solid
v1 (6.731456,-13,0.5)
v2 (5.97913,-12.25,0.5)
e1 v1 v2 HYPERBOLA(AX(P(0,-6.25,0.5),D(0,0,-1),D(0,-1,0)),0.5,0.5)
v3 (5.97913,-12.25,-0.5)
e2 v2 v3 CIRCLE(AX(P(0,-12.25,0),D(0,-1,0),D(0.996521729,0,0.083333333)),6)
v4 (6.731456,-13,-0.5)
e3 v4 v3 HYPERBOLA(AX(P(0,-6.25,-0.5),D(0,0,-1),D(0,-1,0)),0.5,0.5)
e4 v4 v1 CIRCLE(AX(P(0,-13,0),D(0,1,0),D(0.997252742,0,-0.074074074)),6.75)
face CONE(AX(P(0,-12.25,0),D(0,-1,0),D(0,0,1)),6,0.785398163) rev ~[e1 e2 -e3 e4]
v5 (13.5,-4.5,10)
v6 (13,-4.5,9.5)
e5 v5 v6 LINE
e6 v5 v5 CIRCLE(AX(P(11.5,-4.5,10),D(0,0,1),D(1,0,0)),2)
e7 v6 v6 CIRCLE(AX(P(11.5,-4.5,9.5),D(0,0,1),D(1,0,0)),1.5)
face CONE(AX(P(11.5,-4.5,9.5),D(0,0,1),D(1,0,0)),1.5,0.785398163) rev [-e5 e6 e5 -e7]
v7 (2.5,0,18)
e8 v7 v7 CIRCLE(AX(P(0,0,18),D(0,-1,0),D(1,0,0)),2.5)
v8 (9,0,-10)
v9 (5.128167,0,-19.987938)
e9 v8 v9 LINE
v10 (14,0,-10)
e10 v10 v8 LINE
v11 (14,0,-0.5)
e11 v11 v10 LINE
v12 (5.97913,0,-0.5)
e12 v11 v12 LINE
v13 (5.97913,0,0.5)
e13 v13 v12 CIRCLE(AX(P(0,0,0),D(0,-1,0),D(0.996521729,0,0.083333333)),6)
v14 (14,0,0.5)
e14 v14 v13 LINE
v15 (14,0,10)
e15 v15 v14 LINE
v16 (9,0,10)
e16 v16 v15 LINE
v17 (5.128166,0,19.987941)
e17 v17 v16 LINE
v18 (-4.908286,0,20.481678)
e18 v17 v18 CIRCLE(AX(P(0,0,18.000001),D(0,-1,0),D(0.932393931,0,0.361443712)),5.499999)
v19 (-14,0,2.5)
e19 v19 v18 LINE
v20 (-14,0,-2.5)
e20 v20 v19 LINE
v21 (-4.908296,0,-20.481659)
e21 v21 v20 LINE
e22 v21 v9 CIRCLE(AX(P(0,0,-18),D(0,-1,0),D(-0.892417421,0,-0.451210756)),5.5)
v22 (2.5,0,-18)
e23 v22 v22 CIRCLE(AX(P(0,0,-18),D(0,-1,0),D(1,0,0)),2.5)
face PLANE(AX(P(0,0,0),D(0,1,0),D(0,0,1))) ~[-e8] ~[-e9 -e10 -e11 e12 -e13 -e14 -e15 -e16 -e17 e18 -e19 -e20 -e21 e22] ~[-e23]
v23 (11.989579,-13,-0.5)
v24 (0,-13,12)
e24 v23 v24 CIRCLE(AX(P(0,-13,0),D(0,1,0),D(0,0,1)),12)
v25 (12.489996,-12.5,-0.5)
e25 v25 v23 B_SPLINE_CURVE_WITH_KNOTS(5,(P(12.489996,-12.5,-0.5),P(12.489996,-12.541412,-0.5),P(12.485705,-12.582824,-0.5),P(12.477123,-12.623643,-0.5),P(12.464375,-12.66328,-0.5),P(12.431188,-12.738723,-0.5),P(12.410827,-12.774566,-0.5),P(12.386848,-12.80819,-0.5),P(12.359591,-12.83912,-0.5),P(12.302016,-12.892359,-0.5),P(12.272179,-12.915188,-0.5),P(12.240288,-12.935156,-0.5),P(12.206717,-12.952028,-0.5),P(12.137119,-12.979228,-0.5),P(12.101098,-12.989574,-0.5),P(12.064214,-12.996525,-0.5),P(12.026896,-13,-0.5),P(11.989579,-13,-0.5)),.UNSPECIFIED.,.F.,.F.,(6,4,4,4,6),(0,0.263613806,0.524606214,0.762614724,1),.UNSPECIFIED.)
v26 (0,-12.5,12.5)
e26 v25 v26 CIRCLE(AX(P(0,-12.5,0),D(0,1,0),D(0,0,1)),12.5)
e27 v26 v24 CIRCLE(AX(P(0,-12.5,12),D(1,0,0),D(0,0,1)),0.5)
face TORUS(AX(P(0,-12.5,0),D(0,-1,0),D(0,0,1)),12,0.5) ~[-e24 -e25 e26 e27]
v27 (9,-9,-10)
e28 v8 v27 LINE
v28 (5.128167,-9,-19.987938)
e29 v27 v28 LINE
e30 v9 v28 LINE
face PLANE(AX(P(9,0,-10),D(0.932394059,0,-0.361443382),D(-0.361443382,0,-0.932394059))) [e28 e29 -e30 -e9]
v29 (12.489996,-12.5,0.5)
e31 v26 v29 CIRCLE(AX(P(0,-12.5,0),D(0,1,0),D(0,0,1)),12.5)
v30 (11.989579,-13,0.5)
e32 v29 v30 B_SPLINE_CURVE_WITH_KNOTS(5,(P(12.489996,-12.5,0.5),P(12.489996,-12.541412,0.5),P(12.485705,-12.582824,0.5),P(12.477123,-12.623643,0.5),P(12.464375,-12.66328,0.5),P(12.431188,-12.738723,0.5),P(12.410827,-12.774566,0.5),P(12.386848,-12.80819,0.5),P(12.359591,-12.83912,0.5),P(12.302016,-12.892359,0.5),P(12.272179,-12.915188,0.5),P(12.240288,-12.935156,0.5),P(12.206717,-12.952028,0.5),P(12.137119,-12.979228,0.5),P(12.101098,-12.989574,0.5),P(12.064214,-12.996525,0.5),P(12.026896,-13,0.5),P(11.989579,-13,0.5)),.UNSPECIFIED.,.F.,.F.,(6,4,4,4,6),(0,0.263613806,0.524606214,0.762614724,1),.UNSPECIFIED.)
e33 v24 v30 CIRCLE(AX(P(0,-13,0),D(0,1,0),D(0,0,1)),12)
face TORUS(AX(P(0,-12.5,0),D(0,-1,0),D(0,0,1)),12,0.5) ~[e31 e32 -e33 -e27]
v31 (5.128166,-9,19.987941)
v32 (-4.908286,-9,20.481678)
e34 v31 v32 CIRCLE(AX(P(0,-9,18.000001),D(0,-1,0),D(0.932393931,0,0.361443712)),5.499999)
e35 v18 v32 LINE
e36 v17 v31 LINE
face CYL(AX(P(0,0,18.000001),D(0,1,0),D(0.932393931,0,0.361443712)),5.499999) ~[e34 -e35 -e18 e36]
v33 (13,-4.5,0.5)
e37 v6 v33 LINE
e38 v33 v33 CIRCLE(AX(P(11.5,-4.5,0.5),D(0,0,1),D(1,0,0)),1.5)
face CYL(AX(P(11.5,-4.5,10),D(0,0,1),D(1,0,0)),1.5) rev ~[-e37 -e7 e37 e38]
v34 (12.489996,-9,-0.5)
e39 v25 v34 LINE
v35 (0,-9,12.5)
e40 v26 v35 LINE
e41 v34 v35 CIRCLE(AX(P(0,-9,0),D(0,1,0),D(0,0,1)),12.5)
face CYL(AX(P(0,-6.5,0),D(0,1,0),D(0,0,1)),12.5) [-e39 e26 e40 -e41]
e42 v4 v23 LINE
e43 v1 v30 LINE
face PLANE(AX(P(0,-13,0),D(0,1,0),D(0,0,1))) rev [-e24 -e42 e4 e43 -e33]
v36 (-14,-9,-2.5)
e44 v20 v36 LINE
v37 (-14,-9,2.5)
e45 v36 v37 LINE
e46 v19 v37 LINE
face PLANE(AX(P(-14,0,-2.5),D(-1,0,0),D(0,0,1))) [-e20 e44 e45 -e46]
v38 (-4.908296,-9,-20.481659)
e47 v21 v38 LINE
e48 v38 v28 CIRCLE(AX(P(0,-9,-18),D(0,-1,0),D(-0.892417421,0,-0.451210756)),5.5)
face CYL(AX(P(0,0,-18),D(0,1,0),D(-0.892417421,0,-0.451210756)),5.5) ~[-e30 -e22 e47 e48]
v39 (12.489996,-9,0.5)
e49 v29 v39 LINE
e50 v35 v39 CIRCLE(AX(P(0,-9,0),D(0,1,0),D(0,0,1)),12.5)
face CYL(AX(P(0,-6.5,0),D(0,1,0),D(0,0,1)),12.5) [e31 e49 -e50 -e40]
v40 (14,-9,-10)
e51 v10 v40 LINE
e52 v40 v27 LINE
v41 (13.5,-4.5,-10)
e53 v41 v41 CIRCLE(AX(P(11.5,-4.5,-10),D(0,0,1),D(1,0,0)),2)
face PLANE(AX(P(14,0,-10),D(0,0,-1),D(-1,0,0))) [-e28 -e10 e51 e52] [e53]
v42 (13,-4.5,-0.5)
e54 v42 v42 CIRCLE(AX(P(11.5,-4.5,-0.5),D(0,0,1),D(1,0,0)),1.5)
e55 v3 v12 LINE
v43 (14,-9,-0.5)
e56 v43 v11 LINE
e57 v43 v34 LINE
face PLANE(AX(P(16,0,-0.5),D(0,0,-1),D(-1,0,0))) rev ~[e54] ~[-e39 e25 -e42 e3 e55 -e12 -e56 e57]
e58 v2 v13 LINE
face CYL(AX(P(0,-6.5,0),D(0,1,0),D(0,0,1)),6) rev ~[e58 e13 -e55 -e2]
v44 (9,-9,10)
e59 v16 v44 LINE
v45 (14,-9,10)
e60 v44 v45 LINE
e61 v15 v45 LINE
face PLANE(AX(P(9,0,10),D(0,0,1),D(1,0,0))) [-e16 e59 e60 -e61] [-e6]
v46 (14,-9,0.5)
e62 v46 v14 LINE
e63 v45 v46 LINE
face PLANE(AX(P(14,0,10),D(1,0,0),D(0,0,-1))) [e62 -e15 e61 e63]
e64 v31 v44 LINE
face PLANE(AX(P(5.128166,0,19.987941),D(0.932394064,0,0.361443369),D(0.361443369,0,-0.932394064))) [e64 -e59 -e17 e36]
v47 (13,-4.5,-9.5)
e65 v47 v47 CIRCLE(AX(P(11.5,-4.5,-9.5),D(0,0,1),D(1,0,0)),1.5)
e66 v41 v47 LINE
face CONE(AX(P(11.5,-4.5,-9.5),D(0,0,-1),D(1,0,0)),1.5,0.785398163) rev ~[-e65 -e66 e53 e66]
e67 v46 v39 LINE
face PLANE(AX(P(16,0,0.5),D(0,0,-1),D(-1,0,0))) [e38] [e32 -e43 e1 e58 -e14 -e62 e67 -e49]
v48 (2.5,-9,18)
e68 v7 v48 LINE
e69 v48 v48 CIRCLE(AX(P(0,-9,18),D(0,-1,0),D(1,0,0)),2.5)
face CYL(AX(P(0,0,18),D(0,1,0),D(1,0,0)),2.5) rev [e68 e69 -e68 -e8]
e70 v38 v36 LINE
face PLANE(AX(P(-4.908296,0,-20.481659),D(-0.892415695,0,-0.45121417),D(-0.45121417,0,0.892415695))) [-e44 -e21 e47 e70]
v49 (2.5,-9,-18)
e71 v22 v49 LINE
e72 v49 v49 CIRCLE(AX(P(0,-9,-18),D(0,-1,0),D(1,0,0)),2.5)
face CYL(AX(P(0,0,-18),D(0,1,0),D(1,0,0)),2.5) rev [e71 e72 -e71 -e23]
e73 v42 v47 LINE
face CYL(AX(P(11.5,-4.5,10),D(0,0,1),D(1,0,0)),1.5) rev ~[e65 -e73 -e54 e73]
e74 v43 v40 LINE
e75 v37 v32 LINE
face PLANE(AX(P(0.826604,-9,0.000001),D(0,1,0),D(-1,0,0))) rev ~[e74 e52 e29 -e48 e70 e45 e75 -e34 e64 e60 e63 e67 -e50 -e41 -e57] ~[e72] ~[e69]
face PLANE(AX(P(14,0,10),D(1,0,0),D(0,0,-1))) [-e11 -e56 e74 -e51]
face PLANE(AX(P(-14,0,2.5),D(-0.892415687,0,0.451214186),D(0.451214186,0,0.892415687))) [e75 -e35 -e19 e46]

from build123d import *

# Parameters (mm, degrees)
SKETCH001_W     = 13
SKETCH001_H     = 6.5
SKETCH_R        = 2.5
SKETCH_R_2      = 10
PAD_DEPTH       = 9
SKETCH002_R     = 1.5
POCKET_DEPTH    = 33.501
CHAMFER_SIZE    = 0.75
CHAMFER001_SIZE = 0.5
FILLET_R        = 0.5
SKETCH003_W     = 16
SKETCH003_H     = 1
POCKET001_DEPTH = 13.001


with BuildPart() as shaft_support:
    # Sketch001 → Revolution (revolve)
    with BuildSketch(Plane.YZ):
        with Locations((-6.5, 9.25)):
            Rectangle(SKETCH001_W, SKETCH001_H)
    revolve(axis=Axis((0, 0, 0), (0, 1, 0)))


with BuildPart() as shf12:
    # Sketch → Pad (new body)
    with BuildSketch(Plane.XZ):
        with BuildLine():
            Line((-14, -2.5), (-14, 2.5))
            Line((-14, 2.5), (-4.908286, 20.481678))
            ThreePointArc((5.128166, 19.987941), (0.270242, 23.493357), (-4.908286, 20.481678))
            Line((5.128166, 19.987941), (9, 10))
            Line((9, 10), (14, 10))
            Line((14, 10), (14, -10))
            Line((14, -10), (9, -10))
            Line((9, -10), (5.128167, -19.987938))
            ThreePointArc((-4.908296, -20.481659), (0.270233, -23.493357), (5.128167, -19.987938))
            Line((-4.908296, -20.481659), (-14, -2.5))
        make_face()
        with Locations((0, 18)):
            Circle(SKETCH_R, mode=Mode.SUBTRACT)
        with Locations((0, -18)):
            Circle(SKETCH_R, mode=Mode.SUBTRACT)
        Circle(SKETCH_R_2, mode=Mode.SUBTRACT)
    extrude(amount=PAD_DEPTH)

    # Fusion: union shaft-support
    add(shaft_support.part)

    # Sketch002 → Pocket (cut, through all)
    with BuildSketch(Plane.XY.offset(10)):
        with Locations((11.5, -4.5)):
            Circle(SKETCH002_R)
    extrude(amount=-POCKET_DEPTH, mode=Mode.SUBTRACT)

    # Chamfer
    chamfer_edges = [shf12.edges().sort_by_distance(p)[0] for p in [
        (0, -13, -6),
    ]]
    chamfer(chamfer_edges, length=CHAMFER_SIZE)

    # Chamfer001
    chamfer001_edges = [shf12.edges().sort_by_distance(p)[0] for p in [
        (10, -4.5, 10),
        (10, -4.5, -10),
    ]]
    chamfer(chamfer001_edges, length=CHAMFER001_SIZE)

    # Fillet
    fillet_edges = [shf12.edges().sort_by_distance(p)[0] for p in [
        (0, -13, -12.5),
    ]]
    fillet(fillet_edges, radius=FILLET_R)

    # Sketch003 → Pocket001 (cut, through all)
    with BuildSketch(Plane(origin=(0, 0, 0), x_dir=(-1, 0, 0), z_dir=(0, 1, 0))):
        with Locations((-8, 0)):
            Rectangle(SKETCH003_W, SKETCH003_H)
    extrude(amount=-POCKET001_DEPTH, mode=Mode.SUBTRACT)


solid = shf12.part
